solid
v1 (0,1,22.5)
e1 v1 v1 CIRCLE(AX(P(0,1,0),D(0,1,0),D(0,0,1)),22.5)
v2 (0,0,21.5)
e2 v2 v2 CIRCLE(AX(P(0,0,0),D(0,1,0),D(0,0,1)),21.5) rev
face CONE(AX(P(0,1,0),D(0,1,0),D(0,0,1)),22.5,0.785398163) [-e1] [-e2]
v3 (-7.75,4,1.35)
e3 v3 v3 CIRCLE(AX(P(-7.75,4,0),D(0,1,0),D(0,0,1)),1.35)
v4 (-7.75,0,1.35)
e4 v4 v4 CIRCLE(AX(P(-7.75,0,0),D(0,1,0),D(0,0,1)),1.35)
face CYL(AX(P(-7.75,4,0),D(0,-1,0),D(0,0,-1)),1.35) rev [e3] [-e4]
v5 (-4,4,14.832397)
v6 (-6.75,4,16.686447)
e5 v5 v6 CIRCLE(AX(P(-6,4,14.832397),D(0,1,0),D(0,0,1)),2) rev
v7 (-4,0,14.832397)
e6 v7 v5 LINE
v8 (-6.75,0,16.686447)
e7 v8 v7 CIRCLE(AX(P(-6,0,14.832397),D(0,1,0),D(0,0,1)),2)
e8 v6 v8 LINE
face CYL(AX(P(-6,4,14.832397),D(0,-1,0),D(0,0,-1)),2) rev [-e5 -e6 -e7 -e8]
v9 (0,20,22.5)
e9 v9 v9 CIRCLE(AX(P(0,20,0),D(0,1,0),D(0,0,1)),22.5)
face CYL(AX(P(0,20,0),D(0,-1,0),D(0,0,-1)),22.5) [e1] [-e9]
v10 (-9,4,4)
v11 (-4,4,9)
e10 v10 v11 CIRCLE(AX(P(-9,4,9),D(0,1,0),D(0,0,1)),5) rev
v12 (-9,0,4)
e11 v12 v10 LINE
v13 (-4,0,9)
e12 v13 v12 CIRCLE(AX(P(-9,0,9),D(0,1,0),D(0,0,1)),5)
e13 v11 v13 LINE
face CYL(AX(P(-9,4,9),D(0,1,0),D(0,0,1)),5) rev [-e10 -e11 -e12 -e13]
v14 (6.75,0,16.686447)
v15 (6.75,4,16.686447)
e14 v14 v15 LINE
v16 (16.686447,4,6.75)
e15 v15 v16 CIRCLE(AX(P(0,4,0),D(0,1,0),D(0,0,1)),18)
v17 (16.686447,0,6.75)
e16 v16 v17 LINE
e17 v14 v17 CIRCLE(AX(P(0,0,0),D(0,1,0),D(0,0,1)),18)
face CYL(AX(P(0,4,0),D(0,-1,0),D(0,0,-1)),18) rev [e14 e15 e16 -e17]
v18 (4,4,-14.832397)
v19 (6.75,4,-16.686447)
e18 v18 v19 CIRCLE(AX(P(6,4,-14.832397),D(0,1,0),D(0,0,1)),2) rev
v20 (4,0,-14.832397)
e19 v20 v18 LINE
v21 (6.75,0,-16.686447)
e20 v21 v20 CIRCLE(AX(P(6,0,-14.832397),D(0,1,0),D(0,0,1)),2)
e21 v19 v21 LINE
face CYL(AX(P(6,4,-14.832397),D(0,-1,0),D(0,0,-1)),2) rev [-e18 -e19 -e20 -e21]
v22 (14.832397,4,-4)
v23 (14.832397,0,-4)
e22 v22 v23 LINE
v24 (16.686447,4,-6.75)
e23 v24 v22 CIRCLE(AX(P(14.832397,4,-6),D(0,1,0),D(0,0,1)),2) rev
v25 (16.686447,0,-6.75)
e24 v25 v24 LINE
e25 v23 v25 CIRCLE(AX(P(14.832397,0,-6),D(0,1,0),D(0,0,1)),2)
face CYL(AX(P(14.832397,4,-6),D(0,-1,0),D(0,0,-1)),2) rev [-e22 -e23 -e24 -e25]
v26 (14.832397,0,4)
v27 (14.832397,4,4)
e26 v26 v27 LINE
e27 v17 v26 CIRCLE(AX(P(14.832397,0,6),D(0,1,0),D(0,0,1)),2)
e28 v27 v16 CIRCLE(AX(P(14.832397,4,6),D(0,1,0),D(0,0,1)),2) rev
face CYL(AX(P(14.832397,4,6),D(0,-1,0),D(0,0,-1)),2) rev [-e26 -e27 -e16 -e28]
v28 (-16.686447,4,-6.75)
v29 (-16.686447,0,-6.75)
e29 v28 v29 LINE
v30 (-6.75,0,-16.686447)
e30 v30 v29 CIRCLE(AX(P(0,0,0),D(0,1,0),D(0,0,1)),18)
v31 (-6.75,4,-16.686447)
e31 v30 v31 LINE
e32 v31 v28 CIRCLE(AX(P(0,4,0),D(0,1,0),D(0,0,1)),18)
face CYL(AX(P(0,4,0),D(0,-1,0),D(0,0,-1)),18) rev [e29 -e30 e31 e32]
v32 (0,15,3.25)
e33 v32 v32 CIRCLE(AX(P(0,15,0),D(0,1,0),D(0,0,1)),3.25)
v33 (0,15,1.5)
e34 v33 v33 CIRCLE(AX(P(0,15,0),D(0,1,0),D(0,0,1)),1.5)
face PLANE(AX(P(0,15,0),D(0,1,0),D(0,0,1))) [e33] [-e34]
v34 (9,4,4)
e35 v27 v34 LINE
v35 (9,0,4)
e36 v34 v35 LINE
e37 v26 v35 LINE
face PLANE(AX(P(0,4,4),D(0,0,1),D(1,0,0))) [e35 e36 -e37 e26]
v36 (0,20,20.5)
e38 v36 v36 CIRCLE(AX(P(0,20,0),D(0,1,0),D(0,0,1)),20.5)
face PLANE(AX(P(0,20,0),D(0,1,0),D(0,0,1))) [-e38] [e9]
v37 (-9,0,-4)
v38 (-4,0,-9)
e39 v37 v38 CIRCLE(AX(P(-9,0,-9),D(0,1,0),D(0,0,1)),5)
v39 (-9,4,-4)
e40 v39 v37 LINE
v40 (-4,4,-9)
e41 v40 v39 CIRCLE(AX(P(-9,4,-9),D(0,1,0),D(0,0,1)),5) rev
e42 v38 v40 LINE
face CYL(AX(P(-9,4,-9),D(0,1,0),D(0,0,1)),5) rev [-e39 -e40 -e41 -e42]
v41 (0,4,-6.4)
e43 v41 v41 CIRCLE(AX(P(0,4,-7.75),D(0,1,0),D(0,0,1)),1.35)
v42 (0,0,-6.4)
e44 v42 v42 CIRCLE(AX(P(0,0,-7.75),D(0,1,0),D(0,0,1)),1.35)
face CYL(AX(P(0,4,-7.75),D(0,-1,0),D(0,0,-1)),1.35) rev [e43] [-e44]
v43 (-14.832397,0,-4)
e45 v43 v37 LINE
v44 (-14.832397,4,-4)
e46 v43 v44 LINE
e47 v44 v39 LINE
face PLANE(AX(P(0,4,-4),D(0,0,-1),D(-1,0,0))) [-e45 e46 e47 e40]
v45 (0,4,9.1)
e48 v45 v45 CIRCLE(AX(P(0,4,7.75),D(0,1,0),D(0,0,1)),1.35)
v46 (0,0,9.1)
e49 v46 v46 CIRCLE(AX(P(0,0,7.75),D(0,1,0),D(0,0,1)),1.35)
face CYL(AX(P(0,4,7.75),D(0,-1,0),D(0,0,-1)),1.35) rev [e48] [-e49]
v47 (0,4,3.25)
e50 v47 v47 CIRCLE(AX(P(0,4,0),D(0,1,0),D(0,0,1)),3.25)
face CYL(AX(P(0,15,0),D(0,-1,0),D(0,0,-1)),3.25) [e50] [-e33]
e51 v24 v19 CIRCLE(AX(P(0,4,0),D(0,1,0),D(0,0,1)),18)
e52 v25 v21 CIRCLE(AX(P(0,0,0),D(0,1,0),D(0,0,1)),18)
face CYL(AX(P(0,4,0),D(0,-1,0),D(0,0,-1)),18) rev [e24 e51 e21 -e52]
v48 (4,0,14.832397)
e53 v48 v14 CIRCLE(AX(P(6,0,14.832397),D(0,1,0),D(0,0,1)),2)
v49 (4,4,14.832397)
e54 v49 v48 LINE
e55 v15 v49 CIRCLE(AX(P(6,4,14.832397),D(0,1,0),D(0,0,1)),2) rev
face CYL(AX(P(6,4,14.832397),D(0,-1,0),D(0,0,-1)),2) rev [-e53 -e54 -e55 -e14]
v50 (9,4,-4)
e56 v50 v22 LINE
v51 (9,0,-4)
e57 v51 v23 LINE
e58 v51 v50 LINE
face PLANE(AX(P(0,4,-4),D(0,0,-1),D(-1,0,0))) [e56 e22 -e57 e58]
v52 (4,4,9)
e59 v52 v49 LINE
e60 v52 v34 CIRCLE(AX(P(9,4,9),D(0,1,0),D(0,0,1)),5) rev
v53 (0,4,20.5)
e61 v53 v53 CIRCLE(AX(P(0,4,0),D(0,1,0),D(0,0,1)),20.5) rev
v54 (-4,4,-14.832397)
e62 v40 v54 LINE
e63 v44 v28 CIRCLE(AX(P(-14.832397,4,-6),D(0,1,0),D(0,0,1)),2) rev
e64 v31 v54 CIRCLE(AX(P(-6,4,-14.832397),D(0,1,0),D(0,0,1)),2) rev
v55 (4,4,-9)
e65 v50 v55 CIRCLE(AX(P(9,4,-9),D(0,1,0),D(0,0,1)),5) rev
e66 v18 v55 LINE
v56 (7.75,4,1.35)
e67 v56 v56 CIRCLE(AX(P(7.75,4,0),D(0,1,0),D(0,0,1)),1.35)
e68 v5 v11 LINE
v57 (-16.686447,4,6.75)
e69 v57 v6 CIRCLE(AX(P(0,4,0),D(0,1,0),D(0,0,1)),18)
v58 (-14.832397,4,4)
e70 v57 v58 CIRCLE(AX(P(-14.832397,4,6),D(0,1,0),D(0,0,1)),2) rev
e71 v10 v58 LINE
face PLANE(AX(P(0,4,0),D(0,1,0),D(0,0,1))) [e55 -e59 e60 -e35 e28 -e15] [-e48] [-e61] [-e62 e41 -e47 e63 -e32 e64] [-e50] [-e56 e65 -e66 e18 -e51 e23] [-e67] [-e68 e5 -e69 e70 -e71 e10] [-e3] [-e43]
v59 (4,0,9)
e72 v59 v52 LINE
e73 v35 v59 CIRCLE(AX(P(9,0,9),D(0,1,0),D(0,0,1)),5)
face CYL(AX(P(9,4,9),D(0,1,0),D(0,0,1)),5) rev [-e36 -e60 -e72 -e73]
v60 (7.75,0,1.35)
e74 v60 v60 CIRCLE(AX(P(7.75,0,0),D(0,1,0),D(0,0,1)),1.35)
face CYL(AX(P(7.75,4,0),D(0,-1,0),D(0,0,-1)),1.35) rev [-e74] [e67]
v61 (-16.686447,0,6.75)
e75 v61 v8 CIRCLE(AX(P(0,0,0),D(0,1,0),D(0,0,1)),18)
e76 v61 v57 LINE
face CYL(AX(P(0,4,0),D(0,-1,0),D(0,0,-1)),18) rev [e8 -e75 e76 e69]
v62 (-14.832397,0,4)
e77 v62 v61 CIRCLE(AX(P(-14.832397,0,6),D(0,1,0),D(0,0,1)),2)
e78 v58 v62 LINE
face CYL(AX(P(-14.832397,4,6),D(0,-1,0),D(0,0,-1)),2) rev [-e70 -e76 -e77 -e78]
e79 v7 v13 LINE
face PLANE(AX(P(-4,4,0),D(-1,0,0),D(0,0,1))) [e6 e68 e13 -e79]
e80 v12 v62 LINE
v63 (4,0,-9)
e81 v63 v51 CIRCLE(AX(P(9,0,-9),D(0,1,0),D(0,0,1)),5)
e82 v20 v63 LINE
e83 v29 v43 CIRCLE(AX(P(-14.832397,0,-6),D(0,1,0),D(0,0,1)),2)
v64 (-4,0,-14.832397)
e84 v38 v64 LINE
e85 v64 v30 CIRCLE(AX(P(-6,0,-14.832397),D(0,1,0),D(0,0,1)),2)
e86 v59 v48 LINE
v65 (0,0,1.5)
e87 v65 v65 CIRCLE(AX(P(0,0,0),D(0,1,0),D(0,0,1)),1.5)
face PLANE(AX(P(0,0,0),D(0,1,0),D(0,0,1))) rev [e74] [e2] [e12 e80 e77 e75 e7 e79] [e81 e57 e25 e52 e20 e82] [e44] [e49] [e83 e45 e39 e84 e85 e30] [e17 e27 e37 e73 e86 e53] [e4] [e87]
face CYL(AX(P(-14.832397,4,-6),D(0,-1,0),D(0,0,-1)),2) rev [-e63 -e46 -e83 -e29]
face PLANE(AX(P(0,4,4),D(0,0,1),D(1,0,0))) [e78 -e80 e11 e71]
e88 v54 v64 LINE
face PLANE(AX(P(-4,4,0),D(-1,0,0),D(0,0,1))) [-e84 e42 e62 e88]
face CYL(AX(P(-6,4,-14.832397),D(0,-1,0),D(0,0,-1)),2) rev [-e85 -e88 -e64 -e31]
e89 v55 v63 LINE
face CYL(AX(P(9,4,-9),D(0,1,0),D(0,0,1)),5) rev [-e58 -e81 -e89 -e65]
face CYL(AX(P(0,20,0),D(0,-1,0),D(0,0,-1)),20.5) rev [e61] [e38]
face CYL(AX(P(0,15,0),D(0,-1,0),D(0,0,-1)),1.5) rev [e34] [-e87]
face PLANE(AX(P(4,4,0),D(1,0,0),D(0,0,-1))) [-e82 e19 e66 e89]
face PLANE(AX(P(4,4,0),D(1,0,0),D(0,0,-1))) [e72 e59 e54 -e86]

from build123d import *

# Parameters (mm, degrees)
SKETCH_1_R      = 20.5
SKETCH_1_R_2    = 1.35
SKETCH_1_R_3    = 3.25
EXTRUDE_1_DEPTH = 4
SKETCH_1_3_R    = 3.25
SKETCH_1_3_R_2  = 1.5
EXTRUDE_2_DEPTH = 15
SKETCH_1_4_R    = 22.5
SKETCH_1_4_R_2  = 20.5
EXTRUDE_3_DEPTH = 20
FILLET_1_R      = 5
FILLET_2_R      = 2
CHAMFER_1_SIZE  = 1


with BuildPart() as part:
    # 草图1 → 凸台-拉伸1 (new body)
    with BuildSketch(Plane(origin=(0, 0, 0), x_dir=(1, 0, 0), z_dir=(0, 1, 0))):
        Circle(SKETCH_1_R)
        with BuildLine():
            Line((-4, -4), (-4, -17.549928775))
            ThreePointArc((-4, -17.549928775), (-12.727922061, -12.727922061), (-17.549928775, -4))
            Line((-17.549928775, -4), (-4, -4))
        make_face(mode=Mode.SUBTRACT)
        with Locations((0, -7.75)):
            Circle(SKETCH_1_R_2, mode=Mode.SUBTRACT)
        with BuildLine():
            Line((4, -4), (17.549928775, -4))
            ThreePointArc((17.549928775, -4), (12.727922061, -12.727922061), (4, -17.549928775))
            Line((4, -17.549928775), (4, -4))
        make_face(mode=Mode.SUBTRACT)
        with Locations((-7.75, 0)):
            Circle(SKETCH_1_R_2, mode=Mode.SUBTRACT)
        with BuildLine():
            Line((-4, 4), (-17.549928775, 4))
            ThreePointArc((-17.549928775, 4), (-12.727922061, 12.727922061), (-4, 17.549928775))
            Line((-4, 17.549928775), (-4, 4))
        make_face(mode=Mode.SUBTRACT)
        Circle(SKETCH_1_R_3, mode=Mode.SUBTRACT)
        with Locations((7.75, 0)):
            Circle(SKETCH_1_R_2, mode=Mode.SUBTRACT)
        with Locations((0, 7.75)):
            Circle(SKETCH_1_R_2, mode=Mode.SUBTRACT)
        with BuildLine():
            Line((4, 4), (4, 17.549928775))
            ThreePointArc((4, 17.549928775), (12.727922061, 12.727922061), (17.549928775, 4))
            Line((17.549928775, 4), (4, 4))
        make_face(mode=Mode.SUBTRACT)
    extrude(amount=EXTRUDE_1_DEPTH)

    # 草图1<3> → 凸台-拉伸2 (add)
    with BuildSketch(Plane(origin=(0, 0, 0), x_dir=(1, 0, 0), z_dir=(0, 1, 0))):
        Circle(SKETCH_1_3_R)
        Circle(SKETCH_1_3_R_2, mode=Mode.SUBTRACT)
    extrude(amount=EXTRUDE_2_DEPTH)

    # 草图1<4> → 凸台-拉伸3 (add)
    with BuildSketch(Plane(origin=(0, 0, 0), x_dir=(1, 0, 0), z_dir=(0, 1, 0))):
        Circle(SKETCH_1_4_R)
        Circle(SKETCH_1_4_R_2, mode=Mode.SUBTRACT)
    extrude(amount=EXTRUDE_3_DEPTH)

    # 圆角1
    fillet_1_edges = [part.edges().sort_by_distance(p)[0] for p in [
        (-4, 2, 4),
        (4, 2, 4),
        (4, 2, -4),
        (-4, 2, -4),
    ]]
    fillet(fillet_1_edges, radius=FILLET_1_R)

    # 圆角2
    fillet_2_edges = [part.edges().sort_by_distance(p)[0] for p in [
        (4, 2, 17.549928775),
        (17.549928775, 2, 4),
        (17.549928775, 2, -4),
        (4, 2, -17.549928775),
        (-4, 2, 17.549928775),
        (-17.549928775, 2, 4),
        (-4, 2, -17.549928775),
        (-17.549928775, 2, -4),
    ]]
    fillet(fillet_2_edges, radius=FILLET_2_R)

    # 倒角1
    chamfer_1_edges = [part.edges().sort_by_distance(p)[0] for p in [
        (-22.5, 0, 0),
    ]]
    chamfer(chamfer_1_edges, length=CHAMFER_1_SIZE)


solid = part.part
